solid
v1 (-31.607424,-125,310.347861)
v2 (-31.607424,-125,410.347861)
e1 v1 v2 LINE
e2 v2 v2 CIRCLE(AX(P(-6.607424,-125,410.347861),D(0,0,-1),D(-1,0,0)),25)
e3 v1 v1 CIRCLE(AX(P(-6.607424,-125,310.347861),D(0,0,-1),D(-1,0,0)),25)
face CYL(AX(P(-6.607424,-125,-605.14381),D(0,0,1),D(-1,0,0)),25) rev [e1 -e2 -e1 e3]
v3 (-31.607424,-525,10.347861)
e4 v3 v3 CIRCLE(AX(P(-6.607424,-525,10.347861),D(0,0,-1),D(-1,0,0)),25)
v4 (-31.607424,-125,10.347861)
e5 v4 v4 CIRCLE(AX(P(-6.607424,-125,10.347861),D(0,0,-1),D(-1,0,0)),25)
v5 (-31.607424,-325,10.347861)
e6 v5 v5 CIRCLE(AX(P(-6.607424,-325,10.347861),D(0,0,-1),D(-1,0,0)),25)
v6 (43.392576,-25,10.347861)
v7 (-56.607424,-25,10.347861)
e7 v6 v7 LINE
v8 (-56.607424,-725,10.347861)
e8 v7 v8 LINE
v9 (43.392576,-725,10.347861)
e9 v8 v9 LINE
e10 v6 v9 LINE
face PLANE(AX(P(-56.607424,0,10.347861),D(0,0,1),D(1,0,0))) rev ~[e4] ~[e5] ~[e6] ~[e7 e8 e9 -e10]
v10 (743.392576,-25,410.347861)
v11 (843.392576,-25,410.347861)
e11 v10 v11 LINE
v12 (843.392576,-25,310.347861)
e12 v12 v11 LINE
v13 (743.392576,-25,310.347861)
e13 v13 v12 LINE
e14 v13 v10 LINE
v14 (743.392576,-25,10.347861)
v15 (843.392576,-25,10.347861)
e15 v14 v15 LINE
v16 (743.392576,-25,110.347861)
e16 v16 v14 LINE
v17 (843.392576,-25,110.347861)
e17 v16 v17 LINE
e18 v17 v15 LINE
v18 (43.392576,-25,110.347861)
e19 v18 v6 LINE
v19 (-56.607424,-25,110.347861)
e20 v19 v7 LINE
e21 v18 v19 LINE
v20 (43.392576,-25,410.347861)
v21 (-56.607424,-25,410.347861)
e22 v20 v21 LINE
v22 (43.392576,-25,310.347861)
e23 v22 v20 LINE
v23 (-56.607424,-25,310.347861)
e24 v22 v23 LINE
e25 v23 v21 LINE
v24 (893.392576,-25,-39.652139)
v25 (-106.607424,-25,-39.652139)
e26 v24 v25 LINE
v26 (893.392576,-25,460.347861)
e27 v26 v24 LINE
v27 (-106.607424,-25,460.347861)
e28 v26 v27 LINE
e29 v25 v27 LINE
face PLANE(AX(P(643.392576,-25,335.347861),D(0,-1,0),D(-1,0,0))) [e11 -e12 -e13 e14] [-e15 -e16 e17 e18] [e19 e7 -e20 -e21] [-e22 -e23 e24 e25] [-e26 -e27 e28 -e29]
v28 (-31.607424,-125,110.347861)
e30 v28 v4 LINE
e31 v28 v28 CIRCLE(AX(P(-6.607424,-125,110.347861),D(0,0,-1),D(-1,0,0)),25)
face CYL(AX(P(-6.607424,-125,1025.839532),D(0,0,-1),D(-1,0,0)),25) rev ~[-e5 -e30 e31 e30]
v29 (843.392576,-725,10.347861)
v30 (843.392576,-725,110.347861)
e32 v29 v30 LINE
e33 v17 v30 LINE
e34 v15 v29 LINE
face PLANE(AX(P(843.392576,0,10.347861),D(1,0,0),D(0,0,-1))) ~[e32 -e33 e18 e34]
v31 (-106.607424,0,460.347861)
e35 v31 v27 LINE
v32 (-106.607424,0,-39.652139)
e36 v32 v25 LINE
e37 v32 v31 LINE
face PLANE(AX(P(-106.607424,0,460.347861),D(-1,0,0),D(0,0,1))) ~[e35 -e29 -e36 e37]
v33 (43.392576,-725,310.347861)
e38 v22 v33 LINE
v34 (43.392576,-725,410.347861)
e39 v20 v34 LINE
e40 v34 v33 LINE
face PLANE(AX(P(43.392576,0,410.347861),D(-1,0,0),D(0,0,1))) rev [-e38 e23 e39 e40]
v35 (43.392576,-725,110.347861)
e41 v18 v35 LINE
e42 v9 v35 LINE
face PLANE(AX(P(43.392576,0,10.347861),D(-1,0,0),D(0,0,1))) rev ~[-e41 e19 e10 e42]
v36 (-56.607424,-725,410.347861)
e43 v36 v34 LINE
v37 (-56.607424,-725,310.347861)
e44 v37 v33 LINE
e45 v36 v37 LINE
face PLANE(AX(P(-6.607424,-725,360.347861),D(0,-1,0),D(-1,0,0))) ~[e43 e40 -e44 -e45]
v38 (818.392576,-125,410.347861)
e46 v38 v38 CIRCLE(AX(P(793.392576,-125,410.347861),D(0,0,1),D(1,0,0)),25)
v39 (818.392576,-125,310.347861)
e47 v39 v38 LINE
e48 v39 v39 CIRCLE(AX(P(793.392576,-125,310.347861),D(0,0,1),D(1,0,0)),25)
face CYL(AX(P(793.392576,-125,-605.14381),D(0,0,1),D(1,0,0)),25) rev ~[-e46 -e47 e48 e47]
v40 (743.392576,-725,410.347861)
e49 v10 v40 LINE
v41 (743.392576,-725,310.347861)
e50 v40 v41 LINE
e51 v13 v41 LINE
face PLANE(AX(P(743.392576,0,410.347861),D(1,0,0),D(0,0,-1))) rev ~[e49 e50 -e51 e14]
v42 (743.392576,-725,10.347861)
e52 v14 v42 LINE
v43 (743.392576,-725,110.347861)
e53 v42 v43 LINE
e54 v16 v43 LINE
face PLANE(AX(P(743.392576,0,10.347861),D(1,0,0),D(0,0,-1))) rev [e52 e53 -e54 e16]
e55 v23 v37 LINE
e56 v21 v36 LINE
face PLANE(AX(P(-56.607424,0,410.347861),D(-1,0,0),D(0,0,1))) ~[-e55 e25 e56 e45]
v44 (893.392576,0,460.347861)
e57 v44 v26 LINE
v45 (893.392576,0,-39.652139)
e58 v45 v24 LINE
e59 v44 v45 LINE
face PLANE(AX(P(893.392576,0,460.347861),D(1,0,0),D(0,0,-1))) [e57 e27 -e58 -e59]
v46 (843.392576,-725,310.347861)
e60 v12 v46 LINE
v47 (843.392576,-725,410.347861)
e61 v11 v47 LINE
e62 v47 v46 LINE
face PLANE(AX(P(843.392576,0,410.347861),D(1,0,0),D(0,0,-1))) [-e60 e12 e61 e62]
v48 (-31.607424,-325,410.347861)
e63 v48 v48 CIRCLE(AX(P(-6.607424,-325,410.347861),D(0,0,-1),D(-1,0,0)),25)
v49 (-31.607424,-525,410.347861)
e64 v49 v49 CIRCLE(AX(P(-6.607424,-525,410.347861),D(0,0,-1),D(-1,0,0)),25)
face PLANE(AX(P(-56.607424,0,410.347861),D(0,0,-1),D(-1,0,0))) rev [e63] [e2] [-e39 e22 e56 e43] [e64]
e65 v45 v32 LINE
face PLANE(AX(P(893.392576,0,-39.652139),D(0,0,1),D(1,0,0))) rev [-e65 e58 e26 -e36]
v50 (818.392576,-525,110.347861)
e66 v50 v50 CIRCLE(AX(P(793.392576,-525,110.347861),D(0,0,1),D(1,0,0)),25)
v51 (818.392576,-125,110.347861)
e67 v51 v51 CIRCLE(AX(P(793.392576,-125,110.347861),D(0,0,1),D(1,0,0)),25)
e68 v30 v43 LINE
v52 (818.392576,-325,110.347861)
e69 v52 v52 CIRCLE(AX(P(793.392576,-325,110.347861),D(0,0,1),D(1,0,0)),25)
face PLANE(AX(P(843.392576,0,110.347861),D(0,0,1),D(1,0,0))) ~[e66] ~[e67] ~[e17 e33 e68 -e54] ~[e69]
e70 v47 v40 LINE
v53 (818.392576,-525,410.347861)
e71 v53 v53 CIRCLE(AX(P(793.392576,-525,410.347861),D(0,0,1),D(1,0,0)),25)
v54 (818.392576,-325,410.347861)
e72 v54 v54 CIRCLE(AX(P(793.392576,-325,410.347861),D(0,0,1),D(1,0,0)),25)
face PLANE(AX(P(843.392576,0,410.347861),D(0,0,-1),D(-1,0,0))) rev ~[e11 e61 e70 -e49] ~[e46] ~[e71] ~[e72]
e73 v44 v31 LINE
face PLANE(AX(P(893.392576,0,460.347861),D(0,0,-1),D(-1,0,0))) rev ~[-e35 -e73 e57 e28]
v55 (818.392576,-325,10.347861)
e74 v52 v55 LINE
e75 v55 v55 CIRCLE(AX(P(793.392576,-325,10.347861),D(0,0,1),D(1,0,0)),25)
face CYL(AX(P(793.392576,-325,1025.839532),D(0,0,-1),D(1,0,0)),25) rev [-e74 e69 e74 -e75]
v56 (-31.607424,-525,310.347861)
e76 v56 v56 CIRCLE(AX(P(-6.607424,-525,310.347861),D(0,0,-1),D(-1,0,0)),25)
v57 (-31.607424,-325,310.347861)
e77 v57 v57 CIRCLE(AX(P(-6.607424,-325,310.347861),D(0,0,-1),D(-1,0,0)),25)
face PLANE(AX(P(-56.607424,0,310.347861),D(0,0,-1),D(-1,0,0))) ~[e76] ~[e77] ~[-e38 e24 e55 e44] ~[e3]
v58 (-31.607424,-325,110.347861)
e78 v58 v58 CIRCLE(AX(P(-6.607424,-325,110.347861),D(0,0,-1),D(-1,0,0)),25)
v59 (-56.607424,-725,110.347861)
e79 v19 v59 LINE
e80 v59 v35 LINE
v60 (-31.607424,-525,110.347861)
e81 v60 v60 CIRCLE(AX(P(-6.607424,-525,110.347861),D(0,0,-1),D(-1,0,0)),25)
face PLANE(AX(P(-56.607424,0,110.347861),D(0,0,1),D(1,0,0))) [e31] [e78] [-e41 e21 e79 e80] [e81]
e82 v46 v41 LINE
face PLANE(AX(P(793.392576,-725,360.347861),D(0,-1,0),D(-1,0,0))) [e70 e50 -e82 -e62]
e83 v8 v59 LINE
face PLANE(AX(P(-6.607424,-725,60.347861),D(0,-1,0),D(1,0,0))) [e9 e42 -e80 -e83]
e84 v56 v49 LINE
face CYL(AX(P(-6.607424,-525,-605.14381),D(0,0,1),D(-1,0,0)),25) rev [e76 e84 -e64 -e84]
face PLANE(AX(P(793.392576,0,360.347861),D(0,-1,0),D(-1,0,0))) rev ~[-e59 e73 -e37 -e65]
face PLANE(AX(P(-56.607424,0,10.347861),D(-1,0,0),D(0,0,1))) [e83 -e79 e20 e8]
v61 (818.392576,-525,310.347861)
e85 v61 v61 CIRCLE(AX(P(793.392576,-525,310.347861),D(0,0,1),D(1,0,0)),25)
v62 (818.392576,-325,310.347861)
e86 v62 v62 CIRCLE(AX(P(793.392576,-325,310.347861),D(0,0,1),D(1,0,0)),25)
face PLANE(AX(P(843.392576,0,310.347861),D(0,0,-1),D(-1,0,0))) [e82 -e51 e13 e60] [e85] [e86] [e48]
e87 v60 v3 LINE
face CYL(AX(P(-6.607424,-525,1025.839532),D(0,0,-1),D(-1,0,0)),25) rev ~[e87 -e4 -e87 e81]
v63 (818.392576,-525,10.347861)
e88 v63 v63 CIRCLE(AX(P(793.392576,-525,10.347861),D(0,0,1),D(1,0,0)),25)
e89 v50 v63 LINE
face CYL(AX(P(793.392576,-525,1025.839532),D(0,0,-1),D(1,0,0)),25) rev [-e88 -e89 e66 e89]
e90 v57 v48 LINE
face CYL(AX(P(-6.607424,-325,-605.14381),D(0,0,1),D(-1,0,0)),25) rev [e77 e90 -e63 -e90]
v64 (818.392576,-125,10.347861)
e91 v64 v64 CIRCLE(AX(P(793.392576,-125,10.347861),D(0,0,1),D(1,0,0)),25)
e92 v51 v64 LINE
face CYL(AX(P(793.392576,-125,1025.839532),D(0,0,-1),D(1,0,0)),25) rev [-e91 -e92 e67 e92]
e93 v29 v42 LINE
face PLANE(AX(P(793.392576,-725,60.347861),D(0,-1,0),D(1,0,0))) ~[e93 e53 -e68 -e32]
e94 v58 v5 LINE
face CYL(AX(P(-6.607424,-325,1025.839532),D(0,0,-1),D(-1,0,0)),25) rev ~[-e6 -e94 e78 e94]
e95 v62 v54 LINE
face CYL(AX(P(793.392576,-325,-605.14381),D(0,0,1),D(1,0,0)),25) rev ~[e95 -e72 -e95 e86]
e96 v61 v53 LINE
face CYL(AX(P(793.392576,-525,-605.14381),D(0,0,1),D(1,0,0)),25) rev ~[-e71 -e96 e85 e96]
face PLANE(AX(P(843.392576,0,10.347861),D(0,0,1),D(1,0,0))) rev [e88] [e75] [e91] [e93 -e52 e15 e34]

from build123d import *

# Parameters (mm, degrees)
F0_W     = 500
F0_H     = 250
F1_DEPTH = 25
F2_W     = 100
F2_H     = 100
F3_DEPTH = 725
F5_D     = 50


with BuildPart() as f1:
    # F0 (on Front) → F1 (new body)
    with BuildSketch(Plane.XZ):
        with Locations((143.392576, 85.347861)):
            Rectangle(F0_W, F0_H)
    extrude(amount=F1_DEPTH)

    # F2 (on Front) → F3 (join)
    with BuildSketch(Plane.XZ):
        with Locations((-6.607424, 60.347861)):
            Rectangle(F2_W, F2_H)
    extrude(amount=F3_DEPTH)

    # F5 (through all)
    with Locations(Plane.XY.offset(110.347861)):
        with Locations((-6.607424, -125), (-6.607424, -325), (-6.607424, -525)):
            Hole(F5_D / 2)

    # F7: F1 across plane


with BuildPart() as f1_1:
    add(f1.part)
    add(f1.part.mirror(Plane(origin=(393.392576, -12.5, 85.347861), x_dir=(0, 1, 0), z_dir=(1, 0, 0))))

    # F9: F1 across plane


with BuildPart() as f1_2:
    add(f1_1.part)
    add(f1_1.part.mirror(Plane(origin=(393.392576, -12.5, 210.347861), x_dir=(1, 0, 0), z_dir=(0, 0, 1))))


solid = f1_2.part
